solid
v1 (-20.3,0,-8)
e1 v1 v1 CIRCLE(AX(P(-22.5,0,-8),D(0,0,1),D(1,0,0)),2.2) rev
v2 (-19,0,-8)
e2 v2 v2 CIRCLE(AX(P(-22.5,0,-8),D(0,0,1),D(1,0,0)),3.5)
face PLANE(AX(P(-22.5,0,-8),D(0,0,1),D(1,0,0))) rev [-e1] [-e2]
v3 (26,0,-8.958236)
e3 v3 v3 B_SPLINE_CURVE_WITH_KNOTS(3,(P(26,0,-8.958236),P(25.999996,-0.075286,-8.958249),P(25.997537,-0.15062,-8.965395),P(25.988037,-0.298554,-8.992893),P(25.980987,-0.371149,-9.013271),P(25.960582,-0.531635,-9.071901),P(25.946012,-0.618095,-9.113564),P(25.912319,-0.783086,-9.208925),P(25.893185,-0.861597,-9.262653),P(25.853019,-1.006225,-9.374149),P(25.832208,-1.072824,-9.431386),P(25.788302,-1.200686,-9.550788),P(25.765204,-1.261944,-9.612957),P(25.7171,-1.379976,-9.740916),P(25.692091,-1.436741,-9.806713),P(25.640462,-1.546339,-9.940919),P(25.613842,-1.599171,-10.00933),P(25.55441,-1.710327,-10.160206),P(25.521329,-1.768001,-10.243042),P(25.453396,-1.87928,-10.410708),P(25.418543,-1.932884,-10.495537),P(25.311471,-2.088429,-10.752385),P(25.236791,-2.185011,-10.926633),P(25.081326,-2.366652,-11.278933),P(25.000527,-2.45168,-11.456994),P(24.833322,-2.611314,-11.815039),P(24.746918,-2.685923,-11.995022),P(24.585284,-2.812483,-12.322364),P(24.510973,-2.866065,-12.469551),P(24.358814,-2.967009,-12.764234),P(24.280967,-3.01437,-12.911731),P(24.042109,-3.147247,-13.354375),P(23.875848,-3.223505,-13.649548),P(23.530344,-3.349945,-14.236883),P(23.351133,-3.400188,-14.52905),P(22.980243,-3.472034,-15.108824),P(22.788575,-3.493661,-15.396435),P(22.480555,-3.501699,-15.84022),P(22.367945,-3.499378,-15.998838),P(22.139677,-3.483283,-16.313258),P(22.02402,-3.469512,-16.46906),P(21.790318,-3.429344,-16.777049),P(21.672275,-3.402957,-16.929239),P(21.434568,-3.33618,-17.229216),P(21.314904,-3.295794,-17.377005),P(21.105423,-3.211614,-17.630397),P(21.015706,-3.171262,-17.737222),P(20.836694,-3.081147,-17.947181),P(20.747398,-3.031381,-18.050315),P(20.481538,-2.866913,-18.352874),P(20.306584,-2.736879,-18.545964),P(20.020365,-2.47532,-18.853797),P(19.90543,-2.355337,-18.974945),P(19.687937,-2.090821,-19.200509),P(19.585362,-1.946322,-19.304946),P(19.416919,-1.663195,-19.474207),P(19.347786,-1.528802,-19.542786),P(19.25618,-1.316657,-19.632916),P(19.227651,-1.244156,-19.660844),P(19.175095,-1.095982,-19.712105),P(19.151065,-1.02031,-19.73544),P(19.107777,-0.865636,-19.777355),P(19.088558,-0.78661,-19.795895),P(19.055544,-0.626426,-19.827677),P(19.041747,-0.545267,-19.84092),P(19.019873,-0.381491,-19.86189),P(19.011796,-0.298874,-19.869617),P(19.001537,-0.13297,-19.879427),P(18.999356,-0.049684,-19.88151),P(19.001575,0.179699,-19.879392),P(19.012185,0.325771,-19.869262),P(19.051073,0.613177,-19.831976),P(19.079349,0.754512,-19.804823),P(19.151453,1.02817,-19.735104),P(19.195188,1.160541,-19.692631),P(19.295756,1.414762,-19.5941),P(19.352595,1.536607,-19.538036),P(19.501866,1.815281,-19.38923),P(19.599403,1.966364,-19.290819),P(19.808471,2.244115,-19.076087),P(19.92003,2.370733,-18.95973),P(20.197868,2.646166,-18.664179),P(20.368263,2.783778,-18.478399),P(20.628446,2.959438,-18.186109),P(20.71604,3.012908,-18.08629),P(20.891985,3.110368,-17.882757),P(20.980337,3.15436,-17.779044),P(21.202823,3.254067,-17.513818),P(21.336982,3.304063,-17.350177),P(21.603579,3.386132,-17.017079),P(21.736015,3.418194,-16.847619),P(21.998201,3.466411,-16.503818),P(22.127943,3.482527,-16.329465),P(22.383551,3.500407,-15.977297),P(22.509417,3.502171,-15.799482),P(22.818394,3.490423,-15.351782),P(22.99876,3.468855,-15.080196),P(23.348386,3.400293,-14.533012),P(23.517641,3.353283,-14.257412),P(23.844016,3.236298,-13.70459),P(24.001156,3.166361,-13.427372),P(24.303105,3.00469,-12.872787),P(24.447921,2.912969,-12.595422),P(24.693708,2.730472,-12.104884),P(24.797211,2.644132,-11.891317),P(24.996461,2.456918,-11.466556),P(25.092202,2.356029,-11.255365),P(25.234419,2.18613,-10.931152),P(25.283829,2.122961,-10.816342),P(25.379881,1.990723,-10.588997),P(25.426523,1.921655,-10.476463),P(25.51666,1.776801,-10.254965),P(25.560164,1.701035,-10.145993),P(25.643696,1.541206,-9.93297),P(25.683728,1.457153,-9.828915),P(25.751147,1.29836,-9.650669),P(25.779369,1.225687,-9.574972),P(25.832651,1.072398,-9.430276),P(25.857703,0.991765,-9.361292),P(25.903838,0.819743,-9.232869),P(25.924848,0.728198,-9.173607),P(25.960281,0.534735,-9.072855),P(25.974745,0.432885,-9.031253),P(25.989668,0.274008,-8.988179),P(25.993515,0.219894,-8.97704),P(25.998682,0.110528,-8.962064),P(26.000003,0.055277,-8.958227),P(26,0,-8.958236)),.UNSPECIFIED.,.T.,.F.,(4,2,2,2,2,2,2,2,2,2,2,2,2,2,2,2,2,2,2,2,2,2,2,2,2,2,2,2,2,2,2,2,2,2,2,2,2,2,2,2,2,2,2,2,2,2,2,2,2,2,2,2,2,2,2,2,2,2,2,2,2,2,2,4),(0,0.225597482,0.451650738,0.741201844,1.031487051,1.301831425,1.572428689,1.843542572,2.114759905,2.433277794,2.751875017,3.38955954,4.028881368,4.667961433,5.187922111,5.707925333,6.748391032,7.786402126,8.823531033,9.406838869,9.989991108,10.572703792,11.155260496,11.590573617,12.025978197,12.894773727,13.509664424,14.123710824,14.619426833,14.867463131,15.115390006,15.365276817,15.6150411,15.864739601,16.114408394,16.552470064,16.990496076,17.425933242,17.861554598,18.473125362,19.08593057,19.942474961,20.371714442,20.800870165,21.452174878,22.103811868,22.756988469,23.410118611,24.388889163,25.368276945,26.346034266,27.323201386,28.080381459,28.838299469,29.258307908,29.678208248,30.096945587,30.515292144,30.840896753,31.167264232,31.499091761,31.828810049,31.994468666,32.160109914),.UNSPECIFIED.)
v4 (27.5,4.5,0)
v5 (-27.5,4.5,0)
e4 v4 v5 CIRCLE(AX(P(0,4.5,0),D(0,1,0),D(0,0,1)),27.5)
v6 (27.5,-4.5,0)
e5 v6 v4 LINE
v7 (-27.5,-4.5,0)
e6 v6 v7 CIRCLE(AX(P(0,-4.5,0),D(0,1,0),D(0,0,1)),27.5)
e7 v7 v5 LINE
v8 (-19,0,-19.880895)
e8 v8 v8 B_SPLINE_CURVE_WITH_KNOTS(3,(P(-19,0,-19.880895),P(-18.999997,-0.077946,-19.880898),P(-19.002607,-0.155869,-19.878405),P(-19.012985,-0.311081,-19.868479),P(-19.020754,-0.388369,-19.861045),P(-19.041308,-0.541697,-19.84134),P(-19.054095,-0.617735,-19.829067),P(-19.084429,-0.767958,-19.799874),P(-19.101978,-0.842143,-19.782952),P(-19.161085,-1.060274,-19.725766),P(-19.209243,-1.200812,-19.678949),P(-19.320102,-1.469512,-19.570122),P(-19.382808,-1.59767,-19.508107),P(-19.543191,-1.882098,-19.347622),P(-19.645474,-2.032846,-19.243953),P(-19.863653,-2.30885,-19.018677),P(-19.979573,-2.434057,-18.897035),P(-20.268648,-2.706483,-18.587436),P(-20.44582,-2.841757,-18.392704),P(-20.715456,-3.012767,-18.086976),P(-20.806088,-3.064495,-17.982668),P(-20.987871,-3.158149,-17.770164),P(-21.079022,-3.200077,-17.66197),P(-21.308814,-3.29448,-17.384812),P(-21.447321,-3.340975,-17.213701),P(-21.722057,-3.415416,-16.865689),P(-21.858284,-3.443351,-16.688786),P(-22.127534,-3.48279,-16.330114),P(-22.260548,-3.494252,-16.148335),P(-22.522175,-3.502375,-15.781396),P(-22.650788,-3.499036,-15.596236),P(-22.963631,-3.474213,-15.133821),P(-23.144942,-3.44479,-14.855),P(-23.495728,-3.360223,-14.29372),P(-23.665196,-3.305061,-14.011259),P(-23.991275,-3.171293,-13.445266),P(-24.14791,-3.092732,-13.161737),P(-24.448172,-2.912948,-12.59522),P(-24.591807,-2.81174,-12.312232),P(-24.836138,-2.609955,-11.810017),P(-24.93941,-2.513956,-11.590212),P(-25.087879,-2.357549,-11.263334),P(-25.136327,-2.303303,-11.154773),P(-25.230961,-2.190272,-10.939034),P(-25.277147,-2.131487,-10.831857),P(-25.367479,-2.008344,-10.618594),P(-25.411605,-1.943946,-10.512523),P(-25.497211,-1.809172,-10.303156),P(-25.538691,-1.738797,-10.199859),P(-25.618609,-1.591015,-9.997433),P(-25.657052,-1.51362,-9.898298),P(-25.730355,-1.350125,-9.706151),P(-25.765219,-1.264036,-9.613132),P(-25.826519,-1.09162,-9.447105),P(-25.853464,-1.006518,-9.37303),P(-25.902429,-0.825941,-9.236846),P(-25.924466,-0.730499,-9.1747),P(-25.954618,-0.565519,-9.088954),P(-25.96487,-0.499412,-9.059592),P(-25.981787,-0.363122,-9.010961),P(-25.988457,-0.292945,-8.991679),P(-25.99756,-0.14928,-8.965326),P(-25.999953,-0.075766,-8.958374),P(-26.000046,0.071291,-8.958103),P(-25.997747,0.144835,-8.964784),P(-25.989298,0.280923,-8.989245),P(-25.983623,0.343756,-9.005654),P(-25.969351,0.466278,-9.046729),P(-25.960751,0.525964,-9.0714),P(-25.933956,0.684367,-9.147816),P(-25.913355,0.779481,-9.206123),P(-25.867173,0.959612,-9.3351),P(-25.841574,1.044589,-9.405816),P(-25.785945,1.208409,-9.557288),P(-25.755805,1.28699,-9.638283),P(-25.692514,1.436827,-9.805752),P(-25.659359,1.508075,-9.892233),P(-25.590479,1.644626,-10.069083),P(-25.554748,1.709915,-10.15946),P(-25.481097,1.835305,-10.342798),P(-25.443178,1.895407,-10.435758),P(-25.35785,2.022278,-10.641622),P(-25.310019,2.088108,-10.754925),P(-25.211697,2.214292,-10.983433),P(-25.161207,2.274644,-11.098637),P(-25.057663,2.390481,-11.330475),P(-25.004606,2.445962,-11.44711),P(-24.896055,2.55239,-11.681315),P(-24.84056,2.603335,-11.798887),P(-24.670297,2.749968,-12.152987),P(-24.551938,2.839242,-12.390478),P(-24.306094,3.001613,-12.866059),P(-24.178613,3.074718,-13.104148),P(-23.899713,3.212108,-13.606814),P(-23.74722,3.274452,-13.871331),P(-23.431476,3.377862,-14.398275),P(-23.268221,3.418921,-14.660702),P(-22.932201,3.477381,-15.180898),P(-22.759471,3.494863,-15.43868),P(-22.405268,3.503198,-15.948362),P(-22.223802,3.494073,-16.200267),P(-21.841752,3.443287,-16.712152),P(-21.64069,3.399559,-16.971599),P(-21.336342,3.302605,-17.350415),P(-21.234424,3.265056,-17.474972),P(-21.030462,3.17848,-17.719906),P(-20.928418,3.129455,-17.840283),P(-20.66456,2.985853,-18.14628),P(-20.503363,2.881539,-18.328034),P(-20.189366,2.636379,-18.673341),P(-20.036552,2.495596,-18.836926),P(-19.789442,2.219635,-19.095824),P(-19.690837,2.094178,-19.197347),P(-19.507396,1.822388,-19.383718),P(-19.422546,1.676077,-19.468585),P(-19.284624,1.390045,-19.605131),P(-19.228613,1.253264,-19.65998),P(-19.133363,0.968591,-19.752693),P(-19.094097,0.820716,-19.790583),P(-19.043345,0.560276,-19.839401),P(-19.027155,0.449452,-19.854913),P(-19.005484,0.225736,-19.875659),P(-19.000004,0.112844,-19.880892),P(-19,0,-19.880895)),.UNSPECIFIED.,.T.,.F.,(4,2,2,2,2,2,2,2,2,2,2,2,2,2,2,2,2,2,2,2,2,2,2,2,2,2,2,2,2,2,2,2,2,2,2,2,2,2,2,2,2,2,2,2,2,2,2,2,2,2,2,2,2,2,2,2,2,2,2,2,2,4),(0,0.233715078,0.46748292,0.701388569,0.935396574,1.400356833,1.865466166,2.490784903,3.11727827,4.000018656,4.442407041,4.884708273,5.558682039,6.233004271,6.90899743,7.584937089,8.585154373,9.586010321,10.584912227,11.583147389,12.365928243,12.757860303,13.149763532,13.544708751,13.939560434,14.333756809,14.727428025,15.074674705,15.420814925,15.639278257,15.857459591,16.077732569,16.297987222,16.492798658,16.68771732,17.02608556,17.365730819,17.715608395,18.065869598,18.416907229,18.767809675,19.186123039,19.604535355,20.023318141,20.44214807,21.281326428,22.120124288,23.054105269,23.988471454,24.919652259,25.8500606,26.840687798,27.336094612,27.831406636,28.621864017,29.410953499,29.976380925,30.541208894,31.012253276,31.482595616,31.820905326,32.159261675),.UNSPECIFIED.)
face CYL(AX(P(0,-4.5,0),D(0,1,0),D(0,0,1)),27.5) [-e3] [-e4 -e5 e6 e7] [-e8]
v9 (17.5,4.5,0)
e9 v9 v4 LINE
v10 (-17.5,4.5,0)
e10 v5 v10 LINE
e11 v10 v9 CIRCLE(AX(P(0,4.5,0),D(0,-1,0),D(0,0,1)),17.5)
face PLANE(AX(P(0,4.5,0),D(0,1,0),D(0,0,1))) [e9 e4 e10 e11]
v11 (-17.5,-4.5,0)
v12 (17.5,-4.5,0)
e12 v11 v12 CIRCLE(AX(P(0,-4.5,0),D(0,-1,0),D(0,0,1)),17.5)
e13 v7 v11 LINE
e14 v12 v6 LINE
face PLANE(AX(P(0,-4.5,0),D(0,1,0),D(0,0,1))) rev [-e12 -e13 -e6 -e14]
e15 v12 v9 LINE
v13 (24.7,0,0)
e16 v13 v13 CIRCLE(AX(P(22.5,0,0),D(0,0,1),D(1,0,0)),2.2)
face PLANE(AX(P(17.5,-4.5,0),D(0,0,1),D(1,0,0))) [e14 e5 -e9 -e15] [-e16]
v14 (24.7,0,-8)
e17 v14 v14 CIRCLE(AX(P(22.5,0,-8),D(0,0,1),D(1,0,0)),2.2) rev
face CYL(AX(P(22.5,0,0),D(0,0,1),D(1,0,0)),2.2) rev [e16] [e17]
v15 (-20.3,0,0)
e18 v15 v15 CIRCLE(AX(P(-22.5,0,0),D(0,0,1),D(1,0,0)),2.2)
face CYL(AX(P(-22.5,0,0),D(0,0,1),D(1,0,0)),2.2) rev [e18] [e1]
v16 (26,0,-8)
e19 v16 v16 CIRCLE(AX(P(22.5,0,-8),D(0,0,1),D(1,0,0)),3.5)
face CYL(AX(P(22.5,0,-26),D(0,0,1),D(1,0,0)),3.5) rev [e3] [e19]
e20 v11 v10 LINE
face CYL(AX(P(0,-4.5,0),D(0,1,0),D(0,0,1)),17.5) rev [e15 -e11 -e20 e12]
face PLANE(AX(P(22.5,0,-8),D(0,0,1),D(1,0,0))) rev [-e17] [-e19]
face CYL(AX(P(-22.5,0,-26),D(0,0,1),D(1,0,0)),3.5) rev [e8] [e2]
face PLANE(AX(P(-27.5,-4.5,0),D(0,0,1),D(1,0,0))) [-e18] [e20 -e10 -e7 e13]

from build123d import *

# Parameters (mm, degrees)
BOSS_EXTRUDE1_DEPTH        = 4.5
BOSS_EXTRUDE1_DEPTH_BACK   = 4.5
F_4_4_4_4_DIAMETER_HOLE1_D = 4.4
CUT_EXTRUDE1_START         = -8
SKETCH7_R                  = 3.5
CUT_EXTRUDE1_DEPTH         = 18


with BuildPart() as part:
    # Sketch1 → Boss-Extrude1 (new, two sides: drawn at the far end of the back side and taken through both)
    with BuildSketch(Plane(origin=(0, 0, 0), x_dir=(1, 0, 0), z_dir=(0, 1, 0)).offset(-BOSS_EXTRUDE1_DEPTH_BACK)):
        with BuildLine():
            Line((-27.5, 0), (-17.5, 0))
            ThreePointArc((-17.5, 0), (0, 17.5), (17.5, 0))
            Line((17.5, 0), (27.5, 0))
            ThreePointArc((27.5, 0), (0, 27.5), (-27.5, 0))
        make_face()
    extrude(amount=BOSS_EXTRUDE1_DEPTH + BOSS_EXTRUDE1_DEPTH_BACK)

    # Ø4.4 (4.4) Diameter Hole1 (through all)
    with Locations(Plane(origin=(22.5, 0, 0), x_dir=(1, 0, 0), z_dir=(0, 0, 1))):
        with Locations((0, 0), (-45, 0)):
            Hole(F_4_4_4_4_DIAMETER_HOLE1_D / 2)

    # Sketch7 → Cut-Extrude1 (cut)
    with BuildSketch(Plane.XY.offset(CUT_EXTRUDE1_START)):
        with Locations((-22.5, 0)):
            Circle(SKETCH7_R)
        with Locations((22.5, 0)):
            Circle(SKETCH7_R)
    extrude(amount=-CUT_EXTRUDE1_DEPTH, mode=Mode.SUBTRACT)


solid = part.part
